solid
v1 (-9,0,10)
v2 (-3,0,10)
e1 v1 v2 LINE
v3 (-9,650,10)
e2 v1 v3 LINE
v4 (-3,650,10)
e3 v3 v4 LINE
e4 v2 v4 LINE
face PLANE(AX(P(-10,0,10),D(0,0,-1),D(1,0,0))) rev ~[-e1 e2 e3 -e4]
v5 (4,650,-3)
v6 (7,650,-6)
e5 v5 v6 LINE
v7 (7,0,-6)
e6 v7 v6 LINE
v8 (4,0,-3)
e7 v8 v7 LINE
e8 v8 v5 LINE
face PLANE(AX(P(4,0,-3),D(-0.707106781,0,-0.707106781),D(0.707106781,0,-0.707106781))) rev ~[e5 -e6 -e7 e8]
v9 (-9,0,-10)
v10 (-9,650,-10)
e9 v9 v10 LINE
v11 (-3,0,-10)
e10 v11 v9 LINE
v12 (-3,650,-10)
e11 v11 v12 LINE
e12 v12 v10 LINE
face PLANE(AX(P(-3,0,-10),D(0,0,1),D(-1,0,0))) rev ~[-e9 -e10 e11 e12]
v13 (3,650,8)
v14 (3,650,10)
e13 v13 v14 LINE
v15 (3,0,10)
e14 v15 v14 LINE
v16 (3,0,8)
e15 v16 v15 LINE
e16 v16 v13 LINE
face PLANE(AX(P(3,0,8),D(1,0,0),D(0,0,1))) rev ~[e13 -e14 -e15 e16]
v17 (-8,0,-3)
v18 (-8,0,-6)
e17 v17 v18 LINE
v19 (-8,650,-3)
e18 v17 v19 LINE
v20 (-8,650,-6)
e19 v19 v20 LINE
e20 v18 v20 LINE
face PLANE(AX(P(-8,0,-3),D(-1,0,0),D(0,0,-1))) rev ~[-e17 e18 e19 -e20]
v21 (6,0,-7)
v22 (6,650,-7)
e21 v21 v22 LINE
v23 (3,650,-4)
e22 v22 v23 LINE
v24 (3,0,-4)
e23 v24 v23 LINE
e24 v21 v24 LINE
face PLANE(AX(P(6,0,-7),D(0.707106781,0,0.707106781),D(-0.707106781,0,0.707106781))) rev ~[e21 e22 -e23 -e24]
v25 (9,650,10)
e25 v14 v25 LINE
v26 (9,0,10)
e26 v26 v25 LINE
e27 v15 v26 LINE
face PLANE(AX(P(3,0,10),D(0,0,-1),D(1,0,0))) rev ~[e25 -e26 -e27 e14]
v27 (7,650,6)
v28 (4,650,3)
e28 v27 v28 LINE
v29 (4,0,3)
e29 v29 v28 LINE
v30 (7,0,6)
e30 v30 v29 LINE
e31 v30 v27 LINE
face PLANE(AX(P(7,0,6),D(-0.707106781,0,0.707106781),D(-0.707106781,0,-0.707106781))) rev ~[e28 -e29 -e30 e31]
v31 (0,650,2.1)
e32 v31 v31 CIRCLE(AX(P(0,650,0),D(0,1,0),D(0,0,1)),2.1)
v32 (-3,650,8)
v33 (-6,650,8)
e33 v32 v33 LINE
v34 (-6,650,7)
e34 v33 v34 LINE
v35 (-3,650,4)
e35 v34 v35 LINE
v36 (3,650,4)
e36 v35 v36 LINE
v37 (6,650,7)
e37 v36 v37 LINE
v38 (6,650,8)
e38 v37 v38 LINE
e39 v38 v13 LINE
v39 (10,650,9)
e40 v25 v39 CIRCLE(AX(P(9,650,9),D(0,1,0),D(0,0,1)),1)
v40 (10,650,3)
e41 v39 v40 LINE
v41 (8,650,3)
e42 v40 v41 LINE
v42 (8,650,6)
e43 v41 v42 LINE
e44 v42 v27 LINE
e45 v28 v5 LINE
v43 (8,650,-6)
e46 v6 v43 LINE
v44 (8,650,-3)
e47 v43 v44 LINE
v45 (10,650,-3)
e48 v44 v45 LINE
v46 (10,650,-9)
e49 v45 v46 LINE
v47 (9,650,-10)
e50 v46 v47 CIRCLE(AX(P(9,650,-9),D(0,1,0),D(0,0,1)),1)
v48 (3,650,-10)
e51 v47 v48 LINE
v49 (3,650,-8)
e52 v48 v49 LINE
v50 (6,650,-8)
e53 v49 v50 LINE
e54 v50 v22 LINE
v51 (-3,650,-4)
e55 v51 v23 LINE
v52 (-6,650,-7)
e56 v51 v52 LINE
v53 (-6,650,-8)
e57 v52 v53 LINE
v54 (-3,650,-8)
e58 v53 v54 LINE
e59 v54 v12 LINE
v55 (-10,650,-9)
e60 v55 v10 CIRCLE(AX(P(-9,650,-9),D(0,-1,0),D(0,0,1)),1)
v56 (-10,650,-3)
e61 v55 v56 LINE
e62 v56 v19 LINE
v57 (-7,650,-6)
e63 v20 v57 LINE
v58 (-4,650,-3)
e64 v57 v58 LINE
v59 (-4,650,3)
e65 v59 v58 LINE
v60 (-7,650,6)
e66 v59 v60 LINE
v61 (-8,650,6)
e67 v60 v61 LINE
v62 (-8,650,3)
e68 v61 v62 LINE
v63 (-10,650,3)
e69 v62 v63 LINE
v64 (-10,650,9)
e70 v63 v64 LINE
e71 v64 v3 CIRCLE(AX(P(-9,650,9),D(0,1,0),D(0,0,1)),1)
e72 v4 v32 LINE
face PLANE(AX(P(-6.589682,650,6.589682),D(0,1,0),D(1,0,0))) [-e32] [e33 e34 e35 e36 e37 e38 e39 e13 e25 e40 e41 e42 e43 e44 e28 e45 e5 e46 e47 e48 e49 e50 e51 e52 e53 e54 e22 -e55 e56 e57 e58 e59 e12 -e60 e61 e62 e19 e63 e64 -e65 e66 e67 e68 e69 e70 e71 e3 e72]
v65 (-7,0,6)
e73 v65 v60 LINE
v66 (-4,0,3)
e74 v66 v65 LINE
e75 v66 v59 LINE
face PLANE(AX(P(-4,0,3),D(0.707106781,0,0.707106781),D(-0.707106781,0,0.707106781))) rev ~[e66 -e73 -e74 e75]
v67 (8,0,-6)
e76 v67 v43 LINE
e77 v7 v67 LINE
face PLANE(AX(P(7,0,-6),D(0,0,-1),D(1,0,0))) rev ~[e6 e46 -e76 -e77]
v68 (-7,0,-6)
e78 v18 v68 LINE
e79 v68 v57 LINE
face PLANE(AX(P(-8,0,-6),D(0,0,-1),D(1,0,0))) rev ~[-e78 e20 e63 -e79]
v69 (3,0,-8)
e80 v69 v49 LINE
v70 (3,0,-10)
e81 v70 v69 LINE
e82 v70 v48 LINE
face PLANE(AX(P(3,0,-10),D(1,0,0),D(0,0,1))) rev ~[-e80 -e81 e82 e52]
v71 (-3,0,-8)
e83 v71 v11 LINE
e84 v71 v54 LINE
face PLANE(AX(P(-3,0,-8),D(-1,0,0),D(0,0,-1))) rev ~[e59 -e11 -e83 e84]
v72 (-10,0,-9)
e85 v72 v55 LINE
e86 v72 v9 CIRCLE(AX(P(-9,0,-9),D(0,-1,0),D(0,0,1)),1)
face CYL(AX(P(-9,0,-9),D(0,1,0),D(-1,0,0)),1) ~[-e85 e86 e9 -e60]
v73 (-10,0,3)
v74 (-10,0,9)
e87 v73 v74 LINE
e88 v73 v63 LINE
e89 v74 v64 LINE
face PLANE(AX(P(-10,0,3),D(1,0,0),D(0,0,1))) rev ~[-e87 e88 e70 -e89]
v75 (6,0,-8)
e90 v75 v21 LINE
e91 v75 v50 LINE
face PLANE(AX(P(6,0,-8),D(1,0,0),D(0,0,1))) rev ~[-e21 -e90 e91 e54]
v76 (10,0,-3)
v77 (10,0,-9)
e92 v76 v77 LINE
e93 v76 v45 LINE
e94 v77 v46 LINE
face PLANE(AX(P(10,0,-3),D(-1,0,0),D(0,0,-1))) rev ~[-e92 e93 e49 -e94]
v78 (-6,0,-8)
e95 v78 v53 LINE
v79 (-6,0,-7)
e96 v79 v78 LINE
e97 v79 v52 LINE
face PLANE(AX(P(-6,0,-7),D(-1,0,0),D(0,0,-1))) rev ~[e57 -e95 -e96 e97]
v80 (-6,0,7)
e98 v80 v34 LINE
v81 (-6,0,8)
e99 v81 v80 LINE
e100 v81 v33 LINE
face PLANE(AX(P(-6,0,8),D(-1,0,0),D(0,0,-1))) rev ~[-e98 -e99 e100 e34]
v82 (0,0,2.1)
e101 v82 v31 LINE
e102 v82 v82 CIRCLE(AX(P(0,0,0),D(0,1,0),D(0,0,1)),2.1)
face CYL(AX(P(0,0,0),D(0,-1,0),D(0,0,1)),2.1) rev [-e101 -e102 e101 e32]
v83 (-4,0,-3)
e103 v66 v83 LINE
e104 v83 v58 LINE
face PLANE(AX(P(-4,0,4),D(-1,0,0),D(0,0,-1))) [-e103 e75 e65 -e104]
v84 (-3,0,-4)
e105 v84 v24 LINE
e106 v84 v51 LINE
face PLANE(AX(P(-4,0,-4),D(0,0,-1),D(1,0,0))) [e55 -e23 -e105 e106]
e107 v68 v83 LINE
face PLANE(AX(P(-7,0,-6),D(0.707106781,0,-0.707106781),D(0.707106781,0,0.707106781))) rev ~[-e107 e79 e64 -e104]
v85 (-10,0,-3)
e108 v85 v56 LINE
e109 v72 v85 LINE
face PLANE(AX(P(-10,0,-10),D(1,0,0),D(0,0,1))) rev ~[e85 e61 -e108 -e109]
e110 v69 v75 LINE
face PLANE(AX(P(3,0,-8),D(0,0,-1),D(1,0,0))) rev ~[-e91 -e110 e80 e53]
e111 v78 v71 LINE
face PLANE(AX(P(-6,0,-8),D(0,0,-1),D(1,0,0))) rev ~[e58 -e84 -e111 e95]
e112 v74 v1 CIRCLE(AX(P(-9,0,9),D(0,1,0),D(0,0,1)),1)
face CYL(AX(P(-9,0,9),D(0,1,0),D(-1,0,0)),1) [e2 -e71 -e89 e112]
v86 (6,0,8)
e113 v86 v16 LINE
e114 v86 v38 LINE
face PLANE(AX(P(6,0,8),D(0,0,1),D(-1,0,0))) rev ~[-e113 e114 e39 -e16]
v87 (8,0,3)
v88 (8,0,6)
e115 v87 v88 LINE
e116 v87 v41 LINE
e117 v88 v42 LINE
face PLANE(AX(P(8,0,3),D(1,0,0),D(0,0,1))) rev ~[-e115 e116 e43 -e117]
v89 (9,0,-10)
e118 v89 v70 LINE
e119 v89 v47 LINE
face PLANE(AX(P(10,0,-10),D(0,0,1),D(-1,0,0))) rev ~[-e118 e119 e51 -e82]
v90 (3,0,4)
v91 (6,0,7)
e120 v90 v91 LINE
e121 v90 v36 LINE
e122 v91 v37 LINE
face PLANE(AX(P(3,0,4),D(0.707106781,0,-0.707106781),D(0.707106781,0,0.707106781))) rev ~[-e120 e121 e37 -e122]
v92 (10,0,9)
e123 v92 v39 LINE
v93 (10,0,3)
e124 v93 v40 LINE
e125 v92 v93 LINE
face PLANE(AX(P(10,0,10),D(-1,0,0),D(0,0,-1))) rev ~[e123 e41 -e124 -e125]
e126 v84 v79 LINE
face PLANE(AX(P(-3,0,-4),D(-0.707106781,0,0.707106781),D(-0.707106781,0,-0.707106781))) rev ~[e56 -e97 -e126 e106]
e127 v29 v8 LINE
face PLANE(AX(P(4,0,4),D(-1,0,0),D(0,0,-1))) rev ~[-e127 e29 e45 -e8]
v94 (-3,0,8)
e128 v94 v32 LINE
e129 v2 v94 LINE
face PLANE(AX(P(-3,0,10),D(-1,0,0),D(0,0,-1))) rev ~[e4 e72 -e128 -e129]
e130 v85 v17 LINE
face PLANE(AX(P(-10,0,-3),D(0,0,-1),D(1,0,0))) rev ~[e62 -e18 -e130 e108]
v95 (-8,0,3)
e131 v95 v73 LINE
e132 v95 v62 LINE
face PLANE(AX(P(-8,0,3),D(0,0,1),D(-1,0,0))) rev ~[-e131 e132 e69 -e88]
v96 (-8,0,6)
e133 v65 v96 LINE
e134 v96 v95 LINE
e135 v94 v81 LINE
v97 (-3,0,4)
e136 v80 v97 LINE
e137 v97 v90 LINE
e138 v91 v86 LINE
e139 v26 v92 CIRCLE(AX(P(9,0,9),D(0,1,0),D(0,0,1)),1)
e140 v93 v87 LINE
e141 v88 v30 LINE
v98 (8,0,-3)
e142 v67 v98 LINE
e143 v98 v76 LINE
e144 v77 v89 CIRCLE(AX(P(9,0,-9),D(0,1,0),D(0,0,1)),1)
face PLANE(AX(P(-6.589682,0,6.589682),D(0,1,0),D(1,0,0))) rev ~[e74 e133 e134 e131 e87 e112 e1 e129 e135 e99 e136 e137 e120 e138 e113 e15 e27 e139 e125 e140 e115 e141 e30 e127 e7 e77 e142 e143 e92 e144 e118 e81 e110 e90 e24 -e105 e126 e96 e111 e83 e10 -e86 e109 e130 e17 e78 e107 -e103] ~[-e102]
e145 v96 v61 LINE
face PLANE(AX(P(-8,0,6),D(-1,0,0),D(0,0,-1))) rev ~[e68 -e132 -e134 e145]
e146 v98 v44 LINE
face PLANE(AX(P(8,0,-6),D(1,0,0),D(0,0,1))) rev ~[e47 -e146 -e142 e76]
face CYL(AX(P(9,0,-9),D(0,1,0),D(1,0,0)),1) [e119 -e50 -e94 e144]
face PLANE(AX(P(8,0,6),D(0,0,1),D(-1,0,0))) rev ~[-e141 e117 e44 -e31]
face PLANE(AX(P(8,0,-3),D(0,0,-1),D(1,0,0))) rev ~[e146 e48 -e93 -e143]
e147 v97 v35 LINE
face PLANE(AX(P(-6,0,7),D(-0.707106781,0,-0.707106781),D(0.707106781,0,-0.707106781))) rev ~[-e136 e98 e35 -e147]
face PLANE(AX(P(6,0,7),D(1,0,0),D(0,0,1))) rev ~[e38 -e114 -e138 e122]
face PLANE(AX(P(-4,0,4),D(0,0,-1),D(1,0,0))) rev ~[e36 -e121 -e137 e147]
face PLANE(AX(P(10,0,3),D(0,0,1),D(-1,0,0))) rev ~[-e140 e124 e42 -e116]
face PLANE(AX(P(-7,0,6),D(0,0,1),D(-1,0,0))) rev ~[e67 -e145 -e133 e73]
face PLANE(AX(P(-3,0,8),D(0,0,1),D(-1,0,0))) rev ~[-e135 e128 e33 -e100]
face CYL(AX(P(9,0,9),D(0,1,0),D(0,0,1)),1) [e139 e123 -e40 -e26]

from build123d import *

# Parameters (mm, degrees)
SKETCH1_W           = 8
SKETCH1_H           = 8
SKETCH1_R           = 2.1
BOSS_EXTRUDE1_DEPTH = 650
FILLET1_R           = 1


with BuildPart() as part:
    # Sketch1 → Boss-Extrude1 (new body)
    # profile 1 of 6: a face of its own
    with BuildSketch(Plane(origin=(0, 0, 0), x_dir=(1, 0, 0), z_dir=(0, 1, 0))):
        Polygon((-4, 4), (-10, 10), (-10, 3), (-8, 3), (-8, 6), (-7, 6), (-4, 3), align=None)
    # profile 2 of 6: a face of its own
    with BuildSketch(Plane(origin=(0, 0, 0), x_dir=(1, 0, 0), z_dir=(0, 1, 0))):
        Polygon((-3, 8), (-3, 10), (-10, 10), (-4, 4), (-3, 4), (-6, 7), (-6, 8), align=None)
    # profile 3 of 6: a face of its own
    with BuildSketch(Plane(origin=(0, 0, 0), x_dir=(1, 0, 0), z_dir=(0, 1, 0))):
        Polygon((6, 7), (3, 4), (4, 4), (4, 3), (7, 6), (8, 6), (8, 3), (10, 3), (10, 10), (3, 10), (3, 8), (6, 8), align=None)
    # profile 4 of 6: a face of its own
    with BuildSketch(Plane(origin=(0, 0, 0), x_dir=(1, 0, 0), z_dir=(0, 1, 0))):
        Rectangle(SKETCH1_W, SKETCH1_H)
        with Locations(Location((0, 0, 0), (0, 0, 270))):
            Circle(SKETCH1_R, mode=Mode.SUBTRACT)
    # profile 5 of 6: a face of its own
    with BuildSketch(Plane(origin=(0, 0, 0), x_dir=(1, 0, 0), z_dir=(0, 1, 0))):
        Polygon((4, -4), (3, -4), (6, -7), (6, -8), (3, -8), (3, -10), (10, -10), (10, -3), (8, -3), (8, -6), (7, -6), (4, -3), align=None)
    # profile 6 of 6: a face of its own
    with BuildSketch(Plane(origin=(0, 0, 0), x_dir=(1, 0, 0), z_dir=(0, 1, 0))):
        Polygon((-4, -4), (-4, -3), (-7, -6), (-8, -6), (-8, -3), (-10, -3), (-10, -10), (-3, -10), (-3, -8), (-6, -8), (-6, -7), (-3, -4), align=None)
    extrude(amount=BOSS_EXTRUDE1_DEPTH)

    # Fillet1
    fillet1_edges = [part.edges().sort_by_distance(p)[0] for p in [
        (-10, 325, 10),
        (-10, 325, -10),
        (10, 325, -10),
        (10, 325, 10),
    ]]
    fillet(fillet1_edges, radius=FILLET1_R)


solid = part.part
